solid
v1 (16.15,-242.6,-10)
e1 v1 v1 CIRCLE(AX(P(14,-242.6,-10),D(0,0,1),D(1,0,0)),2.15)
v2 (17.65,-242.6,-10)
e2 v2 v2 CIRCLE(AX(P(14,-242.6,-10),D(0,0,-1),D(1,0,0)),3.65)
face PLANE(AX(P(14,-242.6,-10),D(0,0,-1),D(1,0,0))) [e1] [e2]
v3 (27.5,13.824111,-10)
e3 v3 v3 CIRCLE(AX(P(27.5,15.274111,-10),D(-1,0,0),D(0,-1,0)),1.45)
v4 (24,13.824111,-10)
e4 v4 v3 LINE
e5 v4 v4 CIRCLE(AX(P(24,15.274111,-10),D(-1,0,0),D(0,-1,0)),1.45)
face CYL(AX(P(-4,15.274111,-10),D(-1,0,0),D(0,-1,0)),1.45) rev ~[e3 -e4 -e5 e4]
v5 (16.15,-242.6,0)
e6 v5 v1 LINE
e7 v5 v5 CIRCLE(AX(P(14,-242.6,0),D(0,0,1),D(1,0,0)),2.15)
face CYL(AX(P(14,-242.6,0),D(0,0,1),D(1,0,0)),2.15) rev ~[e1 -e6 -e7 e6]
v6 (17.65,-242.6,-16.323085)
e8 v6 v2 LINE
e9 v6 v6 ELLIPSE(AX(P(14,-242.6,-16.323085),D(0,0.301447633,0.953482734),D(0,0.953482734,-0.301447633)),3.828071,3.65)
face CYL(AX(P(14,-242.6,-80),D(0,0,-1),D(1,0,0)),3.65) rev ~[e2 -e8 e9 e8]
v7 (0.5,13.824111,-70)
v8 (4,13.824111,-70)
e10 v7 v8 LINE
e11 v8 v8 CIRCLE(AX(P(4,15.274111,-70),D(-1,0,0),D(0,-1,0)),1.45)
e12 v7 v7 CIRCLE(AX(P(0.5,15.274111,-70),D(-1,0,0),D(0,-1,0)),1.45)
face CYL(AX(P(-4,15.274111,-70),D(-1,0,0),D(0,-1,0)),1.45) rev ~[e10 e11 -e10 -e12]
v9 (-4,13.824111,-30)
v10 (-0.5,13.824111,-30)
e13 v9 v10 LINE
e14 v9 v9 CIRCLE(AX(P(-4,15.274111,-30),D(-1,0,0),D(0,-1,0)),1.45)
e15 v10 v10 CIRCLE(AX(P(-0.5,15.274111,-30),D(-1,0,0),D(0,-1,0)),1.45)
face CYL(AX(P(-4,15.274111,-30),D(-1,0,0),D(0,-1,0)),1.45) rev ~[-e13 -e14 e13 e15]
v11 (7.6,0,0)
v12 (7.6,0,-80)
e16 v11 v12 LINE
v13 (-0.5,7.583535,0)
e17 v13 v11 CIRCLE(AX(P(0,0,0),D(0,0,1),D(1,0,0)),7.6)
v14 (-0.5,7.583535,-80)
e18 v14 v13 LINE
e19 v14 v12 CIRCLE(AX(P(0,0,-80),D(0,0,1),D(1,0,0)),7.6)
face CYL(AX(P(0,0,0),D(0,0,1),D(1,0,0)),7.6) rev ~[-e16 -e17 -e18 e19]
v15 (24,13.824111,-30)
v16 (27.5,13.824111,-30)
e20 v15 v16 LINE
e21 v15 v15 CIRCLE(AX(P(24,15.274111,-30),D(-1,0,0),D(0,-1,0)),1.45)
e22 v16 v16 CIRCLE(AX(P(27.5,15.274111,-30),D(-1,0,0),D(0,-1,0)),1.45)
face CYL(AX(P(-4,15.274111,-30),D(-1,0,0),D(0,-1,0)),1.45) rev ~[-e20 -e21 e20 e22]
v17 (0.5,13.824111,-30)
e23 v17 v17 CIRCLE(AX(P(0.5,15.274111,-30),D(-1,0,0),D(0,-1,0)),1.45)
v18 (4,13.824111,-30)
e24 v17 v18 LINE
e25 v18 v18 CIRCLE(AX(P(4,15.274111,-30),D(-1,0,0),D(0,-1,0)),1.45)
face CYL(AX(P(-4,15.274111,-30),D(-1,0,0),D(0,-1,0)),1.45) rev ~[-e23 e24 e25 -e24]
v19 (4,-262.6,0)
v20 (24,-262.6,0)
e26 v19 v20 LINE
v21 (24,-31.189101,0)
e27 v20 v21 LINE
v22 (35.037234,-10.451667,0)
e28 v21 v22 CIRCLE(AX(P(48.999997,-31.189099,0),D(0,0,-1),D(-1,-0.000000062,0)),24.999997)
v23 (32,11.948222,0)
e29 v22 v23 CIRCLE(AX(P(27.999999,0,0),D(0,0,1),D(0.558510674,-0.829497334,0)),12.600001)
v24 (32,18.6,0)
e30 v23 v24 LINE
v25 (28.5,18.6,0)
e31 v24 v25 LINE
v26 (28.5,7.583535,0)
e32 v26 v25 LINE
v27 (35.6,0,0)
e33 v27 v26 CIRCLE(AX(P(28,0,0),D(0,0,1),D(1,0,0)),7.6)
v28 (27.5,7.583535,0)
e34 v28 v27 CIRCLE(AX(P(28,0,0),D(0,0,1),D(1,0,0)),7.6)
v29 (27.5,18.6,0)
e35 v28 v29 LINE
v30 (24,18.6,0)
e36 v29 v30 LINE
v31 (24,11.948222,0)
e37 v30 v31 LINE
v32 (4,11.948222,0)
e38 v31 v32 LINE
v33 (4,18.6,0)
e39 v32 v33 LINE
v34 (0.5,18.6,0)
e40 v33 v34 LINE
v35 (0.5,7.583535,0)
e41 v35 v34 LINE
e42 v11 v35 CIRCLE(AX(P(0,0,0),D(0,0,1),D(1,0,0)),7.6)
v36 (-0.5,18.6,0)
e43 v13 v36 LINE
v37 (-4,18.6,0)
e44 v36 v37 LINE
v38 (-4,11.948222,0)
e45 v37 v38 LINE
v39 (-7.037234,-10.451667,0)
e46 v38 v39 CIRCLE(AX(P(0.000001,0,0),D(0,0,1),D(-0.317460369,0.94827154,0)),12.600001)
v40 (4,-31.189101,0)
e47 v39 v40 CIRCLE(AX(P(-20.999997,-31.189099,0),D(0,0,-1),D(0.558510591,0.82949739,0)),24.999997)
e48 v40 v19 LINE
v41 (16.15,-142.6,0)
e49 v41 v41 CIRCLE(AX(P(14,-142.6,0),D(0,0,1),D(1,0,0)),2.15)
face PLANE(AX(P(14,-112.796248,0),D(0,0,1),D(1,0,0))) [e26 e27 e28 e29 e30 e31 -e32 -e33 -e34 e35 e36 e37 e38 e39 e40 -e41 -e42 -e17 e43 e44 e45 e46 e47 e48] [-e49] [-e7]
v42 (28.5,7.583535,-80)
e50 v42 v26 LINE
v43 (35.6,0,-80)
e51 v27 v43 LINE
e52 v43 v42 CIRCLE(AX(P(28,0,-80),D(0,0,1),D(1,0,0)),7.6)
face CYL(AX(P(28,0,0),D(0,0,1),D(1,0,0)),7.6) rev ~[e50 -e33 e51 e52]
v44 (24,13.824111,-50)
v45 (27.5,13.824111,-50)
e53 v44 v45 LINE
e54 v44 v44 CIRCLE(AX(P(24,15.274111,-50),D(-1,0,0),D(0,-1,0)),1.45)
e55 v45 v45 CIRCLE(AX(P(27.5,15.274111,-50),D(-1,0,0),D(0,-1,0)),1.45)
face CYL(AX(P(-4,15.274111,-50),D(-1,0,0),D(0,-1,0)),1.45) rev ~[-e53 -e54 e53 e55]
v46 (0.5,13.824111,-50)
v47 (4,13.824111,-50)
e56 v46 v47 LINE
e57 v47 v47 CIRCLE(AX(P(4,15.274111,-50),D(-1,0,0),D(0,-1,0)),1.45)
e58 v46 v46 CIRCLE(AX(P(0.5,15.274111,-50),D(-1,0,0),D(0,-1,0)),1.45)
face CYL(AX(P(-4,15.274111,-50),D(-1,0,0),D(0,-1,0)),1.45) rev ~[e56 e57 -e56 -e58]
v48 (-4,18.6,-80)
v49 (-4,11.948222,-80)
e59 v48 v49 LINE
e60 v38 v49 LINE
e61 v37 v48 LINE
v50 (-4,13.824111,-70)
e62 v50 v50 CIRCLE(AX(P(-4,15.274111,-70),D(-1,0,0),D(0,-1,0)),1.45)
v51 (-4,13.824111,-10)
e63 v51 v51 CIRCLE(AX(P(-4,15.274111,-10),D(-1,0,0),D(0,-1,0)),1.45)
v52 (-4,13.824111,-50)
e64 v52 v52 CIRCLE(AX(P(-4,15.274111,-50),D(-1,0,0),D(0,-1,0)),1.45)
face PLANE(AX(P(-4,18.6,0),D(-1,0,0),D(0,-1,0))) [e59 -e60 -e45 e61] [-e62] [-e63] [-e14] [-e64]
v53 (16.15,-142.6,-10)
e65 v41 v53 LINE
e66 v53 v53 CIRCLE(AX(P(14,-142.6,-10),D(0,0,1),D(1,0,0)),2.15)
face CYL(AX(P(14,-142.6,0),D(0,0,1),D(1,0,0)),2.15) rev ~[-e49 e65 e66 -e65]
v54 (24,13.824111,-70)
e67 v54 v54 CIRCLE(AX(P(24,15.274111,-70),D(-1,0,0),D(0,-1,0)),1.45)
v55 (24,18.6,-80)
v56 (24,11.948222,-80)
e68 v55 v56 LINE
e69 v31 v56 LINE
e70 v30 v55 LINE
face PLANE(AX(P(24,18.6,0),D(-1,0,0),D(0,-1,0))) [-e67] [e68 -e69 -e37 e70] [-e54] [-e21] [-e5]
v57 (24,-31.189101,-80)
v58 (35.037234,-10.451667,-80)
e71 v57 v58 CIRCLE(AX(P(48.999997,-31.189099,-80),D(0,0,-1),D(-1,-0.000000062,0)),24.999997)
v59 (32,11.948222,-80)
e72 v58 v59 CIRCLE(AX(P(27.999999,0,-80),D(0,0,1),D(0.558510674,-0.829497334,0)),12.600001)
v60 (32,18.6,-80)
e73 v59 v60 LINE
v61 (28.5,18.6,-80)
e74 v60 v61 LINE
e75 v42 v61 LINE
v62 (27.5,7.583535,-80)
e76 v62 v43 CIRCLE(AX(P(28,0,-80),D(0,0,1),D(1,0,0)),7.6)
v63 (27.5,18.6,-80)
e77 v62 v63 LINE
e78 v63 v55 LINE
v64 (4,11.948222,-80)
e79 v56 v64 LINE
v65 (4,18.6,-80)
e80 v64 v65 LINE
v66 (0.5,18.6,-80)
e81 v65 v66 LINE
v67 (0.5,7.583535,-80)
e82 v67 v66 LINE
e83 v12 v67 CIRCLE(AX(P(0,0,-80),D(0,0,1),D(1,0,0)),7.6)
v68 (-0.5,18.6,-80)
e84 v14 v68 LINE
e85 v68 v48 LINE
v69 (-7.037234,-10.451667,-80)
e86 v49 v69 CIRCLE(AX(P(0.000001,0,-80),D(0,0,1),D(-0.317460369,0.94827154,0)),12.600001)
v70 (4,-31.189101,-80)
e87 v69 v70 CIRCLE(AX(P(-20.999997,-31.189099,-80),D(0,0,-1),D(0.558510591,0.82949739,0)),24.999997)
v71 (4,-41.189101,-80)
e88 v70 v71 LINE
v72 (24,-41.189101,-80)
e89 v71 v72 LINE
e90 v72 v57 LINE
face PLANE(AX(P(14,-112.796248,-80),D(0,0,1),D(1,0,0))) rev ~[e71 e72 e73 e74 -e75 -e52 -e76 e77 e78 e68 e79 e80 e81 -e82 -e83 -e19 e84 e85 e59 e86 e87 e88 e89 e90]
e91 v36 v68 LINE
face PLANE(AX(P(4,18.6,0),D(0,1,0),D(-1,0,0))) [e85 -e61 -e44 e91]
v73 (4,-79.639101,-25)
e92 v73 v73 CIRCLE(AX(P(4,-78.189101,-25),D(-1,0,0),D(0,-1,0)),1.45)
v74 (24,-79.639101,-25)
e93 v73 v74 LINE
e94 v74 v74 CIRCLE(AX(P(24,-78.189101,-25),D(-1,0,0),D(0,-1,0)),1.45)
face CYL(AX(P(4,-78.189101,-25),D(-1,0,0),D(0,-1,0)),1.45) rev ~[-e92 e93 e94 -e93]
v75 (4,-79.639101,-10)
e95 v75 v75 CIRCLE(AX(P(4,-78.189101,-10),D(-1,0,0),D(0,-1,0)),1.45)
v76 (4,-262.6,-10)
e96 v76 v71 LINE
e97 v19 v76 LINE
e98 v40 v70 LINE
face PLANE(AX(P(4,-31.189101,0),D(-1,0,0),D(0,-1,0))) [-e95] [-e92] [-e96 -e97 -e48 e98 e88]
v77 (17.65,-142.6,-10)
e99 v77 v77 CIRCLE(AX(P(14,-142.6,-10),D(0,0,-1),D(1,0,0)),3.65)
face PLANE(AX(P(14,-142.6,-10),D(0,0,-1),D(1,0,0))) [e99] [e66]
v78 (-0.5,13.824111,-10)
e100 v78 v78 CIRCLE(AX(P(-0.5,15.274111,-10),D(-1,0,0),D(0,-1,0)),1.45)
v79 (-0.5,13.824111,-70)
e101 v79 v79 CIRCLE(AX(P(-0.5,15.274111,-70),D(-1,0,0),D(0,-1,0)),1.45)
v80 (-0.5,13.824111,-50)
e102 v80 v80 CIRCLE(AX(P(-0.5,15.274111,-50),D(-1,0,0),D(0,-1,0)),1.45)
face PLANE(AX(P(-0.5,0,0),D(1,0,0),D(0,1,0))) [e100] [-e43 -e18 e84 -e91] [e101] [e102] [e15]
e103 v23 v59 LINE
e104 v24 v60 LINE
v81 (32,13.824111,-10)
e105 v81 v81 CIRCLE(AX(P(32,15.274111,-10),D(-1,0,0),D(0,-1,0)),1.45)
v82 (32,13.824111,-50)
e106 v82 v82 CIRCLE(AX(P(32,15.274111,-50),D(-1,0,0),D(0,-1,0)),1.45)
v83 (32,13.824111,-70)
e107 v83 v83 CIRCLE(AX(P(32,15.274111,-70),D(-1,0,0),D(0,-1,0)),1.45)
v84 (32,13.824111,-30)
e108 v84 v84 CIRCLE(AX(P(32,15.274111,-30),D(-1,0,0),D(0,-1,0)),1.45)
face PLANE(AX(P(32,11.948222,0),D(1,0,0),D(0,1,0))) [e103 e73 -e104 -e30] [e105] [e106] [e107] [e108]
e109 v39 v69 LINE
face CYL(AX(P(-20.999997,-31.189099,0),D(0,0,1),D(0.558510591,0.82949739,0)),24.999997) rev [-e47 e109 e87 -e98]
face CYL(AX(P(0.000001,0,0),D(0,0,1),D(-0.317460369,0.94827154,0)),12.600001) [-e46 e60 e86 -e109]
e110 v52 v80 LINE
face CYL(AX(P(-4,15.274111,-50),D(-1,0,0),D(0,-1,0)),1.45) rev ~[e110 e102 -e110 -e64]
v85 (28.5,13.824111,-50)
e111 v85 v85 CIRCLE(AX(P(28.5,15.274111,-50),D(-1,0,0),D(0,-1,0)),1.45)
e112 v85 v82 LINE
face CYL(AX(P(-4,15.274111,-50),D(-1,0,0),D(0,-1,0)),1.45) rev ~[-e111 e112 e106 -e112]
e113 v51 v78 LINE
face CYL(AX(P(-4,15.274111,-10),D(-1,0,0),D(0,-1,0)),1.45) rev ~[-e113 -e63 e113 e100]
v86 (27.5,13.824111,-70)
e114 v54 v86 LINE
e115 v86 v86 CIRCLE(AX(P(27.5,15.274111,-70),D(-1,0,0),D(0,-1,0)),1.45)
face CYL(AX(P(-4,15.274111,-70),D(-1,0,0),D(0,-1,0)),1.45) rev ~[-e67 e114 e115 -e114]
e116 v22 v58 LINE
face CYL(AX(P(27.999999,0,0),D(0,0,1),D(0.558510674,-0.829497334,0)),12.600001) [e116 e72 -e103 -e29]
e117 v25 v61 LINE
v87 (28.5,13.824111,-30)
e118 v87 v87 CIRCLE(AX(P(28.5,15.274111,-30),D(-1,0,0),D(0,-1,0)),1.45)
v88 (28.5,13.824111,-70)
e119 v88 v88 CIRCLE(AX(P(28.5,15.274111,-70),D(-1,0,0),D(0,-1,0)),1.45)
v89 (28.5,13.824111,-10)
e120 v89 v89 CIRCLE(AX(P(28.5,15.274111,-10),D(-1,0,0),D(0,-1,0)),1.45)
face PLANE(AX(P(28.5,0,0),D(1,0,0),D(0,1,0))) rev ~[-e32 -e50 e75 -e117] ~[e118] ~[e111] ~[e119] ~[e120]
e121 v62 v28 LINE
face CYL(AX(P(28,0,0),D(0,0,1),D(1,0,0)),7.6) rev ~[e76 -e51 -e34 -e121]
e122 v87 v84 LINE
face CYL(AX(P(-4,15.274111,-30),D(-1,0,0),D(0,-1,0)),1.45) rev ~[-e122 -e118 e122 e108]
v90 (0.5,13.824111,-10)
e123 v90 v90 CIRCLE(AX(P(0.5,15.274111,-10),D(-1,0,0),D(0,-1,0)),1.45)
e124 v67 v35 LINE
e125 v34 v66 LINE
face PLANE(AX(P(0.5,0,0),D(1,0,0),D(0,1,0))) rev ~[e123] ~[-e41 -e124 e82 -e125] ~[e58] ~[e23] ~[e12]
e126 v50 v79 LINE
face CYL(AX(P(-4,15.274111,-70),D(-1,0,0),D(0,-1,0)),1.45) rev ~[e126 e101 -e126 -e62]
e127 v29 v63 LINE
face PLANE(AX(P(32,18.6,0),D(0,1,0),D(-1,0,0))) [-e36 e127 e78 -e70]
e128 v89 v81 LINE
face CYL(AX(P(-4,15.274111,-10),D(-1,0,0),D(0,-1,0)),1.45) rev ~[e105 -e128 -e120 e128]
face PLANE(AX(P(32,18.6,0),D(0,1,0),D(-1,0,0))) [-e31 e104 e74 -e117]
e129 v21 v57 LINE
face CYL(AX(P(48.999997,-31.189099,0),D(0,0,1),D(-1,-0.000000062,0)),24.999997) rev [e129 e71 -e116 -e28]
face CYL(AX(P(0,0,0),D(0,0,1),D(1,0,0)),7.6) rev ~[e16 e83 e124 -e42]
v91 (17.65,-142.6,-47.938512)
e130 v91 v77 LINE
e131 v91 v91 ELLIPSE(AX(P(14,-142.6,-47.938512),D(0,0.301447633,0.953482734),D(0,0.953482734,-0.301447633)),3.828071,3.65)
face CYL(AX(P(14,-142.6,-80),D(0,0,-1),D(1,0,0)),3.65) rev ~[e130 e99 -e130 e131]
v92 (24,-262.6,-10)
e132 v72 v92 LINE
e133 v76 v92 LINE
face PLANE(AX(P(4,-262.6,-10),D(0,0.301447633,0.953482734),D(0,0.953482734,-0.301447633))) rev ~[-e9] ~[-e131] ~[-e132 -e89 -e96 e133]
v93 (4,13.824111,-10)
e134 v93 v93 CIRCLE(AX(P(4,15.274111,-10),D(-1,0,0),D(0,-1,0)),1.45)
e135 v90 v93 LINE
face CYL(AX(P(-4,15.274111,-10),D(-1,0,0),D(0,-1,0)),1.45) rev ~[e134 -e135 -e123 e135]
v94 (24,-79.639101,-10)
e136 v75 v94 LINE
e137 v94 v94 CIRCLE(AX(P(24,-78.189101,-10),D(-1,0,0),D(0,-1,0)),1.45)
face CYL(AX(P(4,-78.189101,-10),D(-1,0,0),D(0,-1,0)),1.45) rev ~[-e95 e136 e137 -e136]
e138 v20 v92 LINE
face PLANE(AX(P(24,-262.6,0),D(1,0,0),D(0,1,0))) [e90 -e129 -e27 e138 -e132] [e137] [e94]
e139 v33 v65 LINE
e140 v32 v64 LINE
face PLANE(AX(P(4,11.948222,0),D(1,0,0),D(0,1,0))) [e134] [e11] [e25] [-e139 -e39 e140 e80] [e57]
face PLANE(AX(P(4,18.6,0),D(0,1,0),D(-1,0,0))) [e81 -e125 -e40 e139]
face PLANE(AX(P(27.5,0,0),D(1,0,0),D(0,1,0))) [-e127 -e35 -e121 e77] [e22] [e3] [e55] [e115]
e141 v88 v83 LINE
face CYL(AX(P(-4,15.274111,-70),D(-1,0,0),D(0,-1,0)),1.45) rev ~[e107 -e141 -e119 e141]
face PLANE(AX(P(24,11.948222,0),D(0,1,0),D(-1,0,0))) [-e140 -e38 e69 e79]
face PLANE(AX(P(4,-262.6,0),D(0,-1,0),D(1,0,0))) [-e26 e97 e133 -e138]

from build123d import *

# Parameters (mm, degrees)
F0_R      = 7.6
F1_DEPTH  = 80
F2_DEPTH  = 80
F3_R      = 2.15
F4_DEPTH  = 80.001
F5_R      = 3.65
F6_DEPTH  = 70
F8_DEPTH  = 36.601
F9_W      = 0.5
F9_H      = 18.6
F10_DEPTH = 80.001
F11_R     = 1.45
F12_DEPTH = 44.601
F13_R     = 1.45
F14_DEPTH = 36.601


with BuildPart() as f1:
    # F0 (on Top) → F1 (new body)
    with BuildSketch(Plane.XY):
        with BuildLine():
            Line((-4, 18.6), (-4, 11.948222))
            ThreePointArc((-4, 11.948222), (-12.485747, 1.692961), (-7.037234, -10.451667))
            ThreePointArc((-7.037234, -10.451667), (1.06886, -19.443232), (4, -31.189101))
            Line((4, -31.189101), (4, -262.6))
            Line((4, -262.6), (24, -262.6))
            Line((24, -262.6), (24, -31.189101))
            ThreePointArc((24, -31.189101), (26.93114, -19.443232), (35.037234, -10.451667))
            ThreePointArc((35.037234, -10.451667), (40.485747, 1.692961), (32, 11.948222))
            Line((32, 11.948222), (32, 18.6))
            Line((32, 18.6), (24, 18.6))
            Line((24, 18.6), (24, 11.948222))
            Line((24, 11.948222), (4, 11.948222))
            Line((4, 11.948222), (4, 18.6))
            Line((4, 18.6), (-4, 18.6))
        make_face()
        Circle(F0_R, mode=Mode.SUBTRACT)
        with Locations((28, 0)):
            Circle(F0_R, mode=Mode.SUBTRACT)
    extrude(amount=-F1_DEPTH)

    # F0 (on Top) → F2 (join)
    with BuildSketch(Plane.XY):
        with BuildLine():
            Line((-4, 18.6), (-4, 11.948222))
            ThreePointArc((-4, 11.948222), (-12.485747, 1.692961), (-7.037234, -10.451667))
            ThreePointArc((-7.037234, -10.451667), (1.06886, -19.443232), (4, -31.189101))
            Line((4, -31.189101), (4, -262.6))
            Line((4, -262.6), (24, -262.6))
            Line((24, -262.6), (24, -31.189101))
            ThreePointArc((24, -31.189101), (26.93114, -19.443232), (35.037234, -10.451667))
            ThreePointArc((35.037234, -10.451667), (40.485747, 1.692961), (32, 11.948222))
            Line((32, 11.948222), (32, 18.6))
            Line((32, 18.6), (24, 18.6))
            Line((24, 18.6), (24, 11.948222))
            Line((24, 11.948222), (4, 11.948222))
            Line((4, 11.948222), (4, 18.6))
            Line((4, 18.6), (-4, 18.6))
        make_face()
        Circle(F0_R, mode=Mode.SUBTRACT)
        with Locations((28, 0)):
            Circle(F0_R, mode=Mode.SUBTRACT)
    extrude(amount=-F2_DEPTH)

    # F3 (on face) → F4 (cut, through all)
    with BuildSketch(Plane.XY):
        with Locations((14, -142.6)):
            Circle(F3_R)
        with Locations((14, -242.6)):
            Circle(F3_R)
    extrude(amount=-F4_DEPTH, mode=Mode.SUBTRACT)

    # F5 (on face) → F6 (cut)
    with BuildSketch(Plane(origin=(0, 0, -80), x_dir=(1, 0, 0), z_dir=(0, 0, -1))):
        with Locations((14, 242.6)):
            Circle(F5_R)
        with Locations((14, 142.6)):
            Circle(F5_R)
    extrude(amount=-F6_DEPTH, mode=Mode.SUBTRACT)

    # F7 (on face) → F8 (cut, through all)
    with BuildSketch(Plane(origin=(4, 0, 0), x_dir=(0, -1, 0), z_dir=(-1, 0, 0))):
        Polygon((262.6, -80), (262.6, -10), (41.189101, -80), align=None)
    extrude(amount=-F8_DEPTH, mode=Mode.SUBTRACT)

    # F9 (on face) → F10 (cut, through all)
    with BuildSketch(Plane.XY):
        with Locations((-0.25, 9.3)):
            Rectangle(F9_W, F9_H)
        with Locations((0.25, 9.3)):
            Rectangle(F9_W, F9_H)
        with Locations((27.75, 9.3)):
            Rectangle(F9_W, F9_H)
        with Locations((28.25, 9.3)):
            Rectangle(F9_W, F9_H)
    extrude(amount=-F10_DEPTH, mode=Mode.SUBTRACT)

    # F11 (on face) → F12 (cut, through all)
    with BuildSketch(Plane(origin=(-4, 0, 0), x_dir=(0, -1, 0), z_dir=(-1, 0, 0))):
        with Locations((-15.274111, -30)):
            Circle(F11_R)
        with Locations((-15.274111, -70)):
            Circle(F11_R)
        with Locations((-15.274111, -50)):
            Circle(F11_R)
        with Locations((-15.274111, -10)):
            Circle(F11_R)
    extrude(amount=-F12_DEPTH, mode=Mode.SUBTRACT)

    # F13 (on face) → F14 (cut, through all)
    with BuildSketch(Plane(origin=(4, 0, 0), x_dir=(0, -1, 0), z_dir=(-1, 0, 0))):
        with Locations((78.189101, -10)):
            Circle(F13_R)
        with Locations((78.189101, -25)):
            Circle(F13_R)
    extrude(amount=-F14_DEPTH, mode=Mode.SUBTRACT)


solid = f1.part
